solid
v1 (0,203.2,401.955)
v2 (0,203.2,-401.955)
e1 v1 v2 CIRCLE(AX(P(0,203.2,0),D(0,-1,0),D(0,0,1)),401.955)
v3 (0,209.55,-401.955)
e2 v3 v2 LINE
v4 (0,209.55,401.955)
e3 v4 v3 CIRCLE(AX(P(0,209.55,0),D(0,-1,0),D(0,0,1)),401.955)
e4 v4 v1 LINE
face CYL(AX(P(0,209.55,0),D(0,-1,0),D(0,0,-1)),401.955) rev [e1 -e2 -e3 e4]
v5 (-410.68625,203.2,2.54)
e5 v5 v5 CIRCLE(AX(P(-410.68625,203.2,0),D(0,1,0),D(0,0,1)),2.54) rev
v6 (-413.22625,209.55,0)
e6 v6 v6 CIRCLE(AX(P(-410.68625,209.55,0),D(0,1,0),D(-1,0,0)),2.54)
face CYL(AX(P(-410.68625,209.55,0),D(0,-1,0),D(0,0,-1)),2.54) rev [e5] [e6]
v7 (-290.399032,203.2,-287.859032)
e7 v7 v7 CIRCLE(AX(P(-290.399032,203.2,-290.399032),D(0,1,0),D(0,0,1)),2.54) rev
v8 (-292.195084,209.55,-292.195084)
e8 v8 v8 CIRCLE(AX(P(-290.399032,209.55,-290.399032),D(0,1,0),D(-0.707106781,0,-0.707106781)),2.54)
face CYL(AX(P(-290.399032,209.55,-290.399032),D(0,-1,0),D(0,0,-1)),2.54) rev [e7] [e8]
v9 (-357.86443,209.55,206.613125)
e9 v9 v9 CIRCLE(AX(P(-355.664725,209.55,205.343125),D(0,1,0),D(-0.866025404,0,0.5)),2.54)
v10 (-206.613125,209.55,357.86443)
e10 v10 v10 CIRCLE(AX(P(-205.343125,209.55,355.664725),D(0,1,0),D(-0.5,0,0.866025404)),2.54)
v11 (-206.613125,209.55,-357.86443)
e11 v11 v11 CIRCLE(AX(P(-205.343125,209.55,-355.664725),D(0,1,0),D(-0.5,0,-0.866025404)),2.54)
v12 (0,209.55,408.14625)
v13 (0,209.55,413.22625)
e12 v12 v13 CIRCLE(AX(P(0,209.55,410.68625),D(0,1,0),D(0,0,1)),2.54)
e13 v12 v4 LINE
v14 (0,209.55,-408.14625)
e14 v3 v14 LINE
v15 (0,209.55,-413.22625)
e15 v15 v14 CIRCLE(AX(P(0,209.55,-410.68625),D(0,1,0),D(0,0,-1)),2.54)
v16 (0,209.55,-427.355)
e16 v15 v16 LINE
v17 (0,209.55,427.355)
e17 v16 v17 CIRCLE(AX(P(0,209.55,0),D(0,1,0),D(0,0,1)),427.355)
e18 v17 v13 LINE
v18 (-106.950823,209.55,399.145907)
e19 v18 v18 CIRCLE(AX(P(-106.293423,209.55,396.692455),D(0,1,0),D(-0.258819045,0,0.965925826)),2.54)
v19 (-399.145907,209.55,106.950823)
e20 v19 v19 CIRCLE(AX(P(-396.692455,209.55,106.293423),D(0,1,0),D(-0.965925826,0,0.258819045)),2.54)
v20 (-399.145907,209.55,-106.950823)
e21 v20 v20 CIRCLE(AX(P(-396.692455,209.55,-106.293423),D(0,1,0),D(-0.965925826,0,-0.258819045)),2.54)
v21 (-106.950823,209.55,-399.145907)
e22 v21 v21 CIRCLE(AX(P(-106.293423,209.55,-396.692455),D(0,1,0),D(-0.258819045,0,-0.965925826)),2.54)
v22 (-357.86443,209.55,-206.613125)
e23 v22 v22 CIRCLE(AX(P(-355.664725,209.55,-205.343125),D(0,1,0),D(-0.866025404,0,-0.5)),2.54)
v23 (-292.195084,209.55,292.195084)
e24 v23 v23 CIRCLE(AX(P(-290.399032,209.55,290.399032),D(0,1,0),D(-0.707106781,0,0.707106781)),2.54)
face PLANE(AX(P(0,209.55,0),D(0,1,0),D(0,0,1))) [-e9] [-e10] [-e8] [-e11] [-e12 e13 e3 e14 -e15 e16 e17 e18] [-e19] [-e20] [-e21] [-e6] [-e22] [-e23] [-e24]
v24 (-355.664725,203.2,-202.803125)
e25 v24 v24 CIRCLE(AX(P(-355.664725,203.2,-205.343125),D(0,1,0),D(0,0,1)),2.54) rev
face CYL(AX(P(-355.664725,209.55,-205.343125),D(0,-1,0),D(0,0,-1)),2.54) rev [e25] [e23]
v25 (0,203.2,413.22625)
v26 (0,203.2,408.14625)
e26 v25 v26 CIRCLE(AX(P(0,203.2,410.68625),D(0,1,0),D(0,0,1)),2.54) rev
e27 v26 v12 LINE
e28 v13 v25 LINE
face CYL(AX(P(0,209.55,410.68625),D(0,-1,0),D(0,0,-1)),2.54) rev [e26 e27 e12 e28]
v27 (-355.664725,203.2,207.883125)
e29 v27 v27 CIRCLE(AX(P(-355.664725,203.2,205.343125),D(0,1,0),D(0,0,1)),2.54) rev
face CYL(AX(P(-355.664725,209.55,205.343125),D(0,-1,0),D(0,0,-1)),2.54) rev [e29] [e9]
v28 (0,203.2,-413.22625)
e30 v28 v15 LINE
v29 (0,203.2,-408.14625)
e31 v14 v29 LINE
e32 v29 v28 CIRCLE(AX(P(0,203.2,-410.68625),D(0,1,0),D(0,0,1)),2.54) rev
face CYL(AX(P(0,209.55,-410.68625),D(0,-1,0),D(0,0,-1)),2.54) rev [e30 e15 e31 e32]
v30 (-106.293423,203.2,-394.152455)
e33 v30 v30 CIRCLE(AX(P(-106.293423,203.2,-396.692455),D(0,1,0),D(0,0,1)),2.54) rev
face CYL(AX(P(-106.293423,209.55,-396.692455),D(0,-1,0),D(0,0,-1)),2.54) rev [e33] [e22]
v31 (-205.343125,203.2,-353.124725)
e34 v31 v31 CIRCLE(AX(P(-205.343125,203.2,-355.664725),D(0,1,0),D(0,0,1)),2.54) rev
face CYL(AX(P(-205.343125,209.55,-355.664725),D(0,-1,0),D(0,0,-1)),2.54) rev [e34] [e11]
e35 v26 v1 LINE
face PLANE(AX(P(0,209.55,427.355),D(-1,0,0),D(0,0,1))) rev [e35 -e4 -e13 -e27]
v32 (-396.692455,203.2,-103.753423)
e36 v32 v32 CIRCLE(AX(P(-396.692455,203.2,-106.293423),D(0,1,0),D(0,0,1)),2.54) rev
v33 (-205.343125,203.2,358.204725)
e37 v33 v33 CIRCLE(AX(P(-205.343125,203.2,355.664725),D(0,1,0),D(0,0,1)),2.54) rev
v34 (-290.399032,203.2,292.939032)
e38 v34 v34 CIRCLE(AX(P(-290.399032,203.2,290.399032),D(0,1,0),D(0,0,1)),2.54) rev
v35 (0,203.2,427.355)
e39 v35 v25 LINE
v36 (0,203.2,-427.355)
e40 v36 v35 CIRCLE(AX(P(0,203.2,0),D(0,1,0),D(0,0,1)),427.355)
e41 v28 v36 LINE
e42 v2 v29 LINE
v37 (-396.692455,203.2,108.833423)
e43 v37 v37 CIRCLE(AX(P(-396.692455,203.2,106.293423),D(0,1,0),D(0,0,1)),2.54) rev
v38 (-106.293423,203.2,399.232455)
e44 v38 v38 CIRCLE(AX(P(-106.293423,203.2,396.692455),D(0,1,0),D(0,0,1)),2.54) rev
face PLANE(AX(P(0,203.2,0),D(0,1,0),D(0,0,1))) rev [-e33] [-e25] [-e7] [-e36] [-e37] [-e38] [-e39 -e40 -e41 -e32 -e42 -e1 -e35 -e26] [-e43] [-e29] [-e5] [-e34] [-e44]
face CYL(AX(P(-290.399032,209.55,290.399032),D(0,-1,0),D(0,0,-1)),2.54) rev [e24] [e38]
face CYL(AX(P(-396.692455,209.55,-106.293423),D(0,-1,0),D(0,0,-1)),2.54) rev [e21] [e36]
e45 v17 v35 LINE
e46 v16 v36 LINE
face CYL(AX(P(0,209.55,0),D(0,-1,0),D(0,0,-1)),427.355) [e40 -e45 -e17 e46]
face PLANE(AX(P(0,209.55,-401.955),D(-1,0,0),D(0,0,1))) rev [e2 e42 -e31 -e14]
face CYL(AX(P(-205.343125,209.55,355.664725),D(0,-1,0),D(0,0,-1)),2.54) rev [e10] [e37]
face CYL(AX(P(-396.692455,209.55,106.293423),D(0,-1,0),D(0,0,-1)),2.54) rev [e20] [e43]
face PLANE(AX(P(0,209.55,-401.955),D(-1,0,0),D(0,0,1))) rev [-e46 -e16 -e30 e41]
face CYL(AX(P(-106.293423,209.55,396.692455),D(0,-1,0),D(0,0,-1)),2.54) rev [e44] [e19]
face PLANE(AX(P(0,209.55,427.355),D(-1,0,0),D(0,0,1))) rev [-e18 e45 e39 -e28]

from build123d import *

# Parameters (mm, degrees)
BOSS_EXTRUDE1_START     = -317.5
SKETCH4_R               = 2.54
SKETCH4_R_2             = 9.525
SKETCH4_R_3             = 14.2875
BOSS_EXTRUDE1_DEPTH     = 3.175
BOSS_EXTRUDE2_DEPTH     = 3.175
BOSS_EXTRUDE3_START     = -76.2
BOSS_EXTRUDE3_DEPTH     = 3.175
SKETCH9_R               = 2.54
CUT_EXTRUDE2_DEPTH      = 506.024067921
LPATTERN1_COUNT         = 10
LPATTERN1_PITCH         = 50.8
BOSS_EXTRUDE4_START     = 12.7
SKETCH10_R              = 2.54
BOSS_EXTRUDE4_DEPTH     = 12.7
CUT_EXTRUDE3_START      = -76.2
SKETCH11_W              = 25.4
SKETCH11_H              = 725.706439768
SKETCH11_R              = 2.54
SKETCH11_W_2            = 44.268323152
CUT_EXTRUDE3_DEPTH      = 76.2
SKETCH17_R              = 2.54
CUT_EXTRUDE7_DEPTH      = 641.418199343
CIRPATTERN1_COUNT       = 15
CIRPATTERN1_ANGLE       = 210
BOSS_EXTRUDE6_START     = 25.4
SKETCH18_R              = 482.6
SKETCH18_R_2            = 444.5
BOSS_EXTRUDE6_DEPTH     = 38.1
BOSS_EXTRUDE7_START     = 101.6
BOSS_EXTRUDE7_DEPTH     = 6.35
SKETCH17_2_R            = 2.54
CUT_EXTRUDE8_DEPTH      = 691.983880058
CIRPATTERN2_COUNT       = 15
CIRPATTERN2_ANGLE       = 210
CUT_EXTRUDE9_DEPTH      = 50.8
CUT_EXTRUDE9_DEPTH_BACK = 691.983880058
SKETCH21_R              = 848.891258833
SKETCH25_R              = 608.013624822
CUT_EXTRUDE12_DEPTH     = 127


with BuildPart() as part:
    # Sketch4 → Boss-Extrude1 (new body)
    with BuildSketch(Plane(origin=(0, 0, 0), x_dir=(0, 0, -1), z_dir=(1, 0, 0)).offset(BOSS_EXTRUDE1_START)):
        with BuildLine():
            Line((362.853219884, 88.9), (0, 88.9))
            Line((0, 88.9), (0, 65.0875))
            ThreePointArc((0, 65.0875), (14.2875, 50.8), (0, 36.5125))
            Line((0, 36.5125), (0, 12.7))
            Line((0, 12.7), (362.853219884, 12.7))
            Line((362.853219884, 12.7), (362.853219884, 88.9))
        make_face()
        with Locations((53.34, 25.4)):
            Circle(SKETCH4_R, mode=Mode.SUBTRACT)
        with Locations((53.34, 50.8)):
            Circle(SKETCH4_R_2, mode=Mode.SUBTRACT)
        with Locations((177.45964, 50.8)):
            Circle(SKETCH4_R_3, mode=Mode.SUBTRACT)
        with Locations((53.34, 76.2)):
            Circle(SKETCH4_R, mode=Mode.SUBTRACT)
        with Locations((337.453219884, 53.975)):
            Circle(SKETCH4_R_3, mode=Mode.SUBTRACT)
    extrude(amount=-BOSS_EXTRUDE1_DEPTH)

    # Sketch7 → Boss-Extrude2 (add)
    with BuildSketch(Plane(origin=(0, 88.9, 0), x_dir=(1, 0, 0), z_dir=(0, 1, 0))):
        Polygon((-319.0875, 0), (-342.9, 0), (-342.9, 362.853219884), (-317.5, 362.853219884), align=None)
    extrude(amount=-BOSS_EXTRUDE2_DEPTH)

    # Sketch7<2> → Boss-Extrude3 (add)
    with BuildSketch(Plane(origin=(0, 88.9, 0), x_dir=(1, 0, 0), z_dir=(0, 1, 0)).offset(BOSS_EXTRUDE3_START)):
        Polygon((-319.0875, 0), (-342.9, 0), (-342.9, 362.853219884), (-317.5, 362.853219884), align=None)
    extrude(amount=BOSS_EXTRUDE3_DEPTH)

    # Sketch9 → Cut-Extrude2 (cut, through all)
    with BuildSketch(Plane(origin=(0, 88.9, 0), x_dir=(1, 0, 0), z_dir=(0, 1, 0))):
        with Locations(Location((-330.2, 355.6, 0), (0, 0, 270))):
            Circle(SKETCH9_R)
    cut_extrude2 = extrude(amount=-CUT_EXTRUDE2_DEPTH, mode=Mode.SUBTRACT)

    # LPattern1: Cut-Extrude2 ×10
    with Locations(*[(0, 0, i * LPATTERN1_PITCH) for i in range(1, LPATTERN1_COUNT)]):
        add(cut_extrude2, mode=Mode.SUBTRACT)

    # Mirror1: part across face


with BuildPart() as part_1:
    add(part.part)
    add(part.part.mirror(Plane(origin=(-320.239664948, 22.265914948, 0), x_dir=(1, 0, 0), z_dir=(0, 0, 1))))

    # Sketch10 → Boss-Extrude4 (add)
    with BuildSketch(Plane(origin=(0, 88.9, 0), x_dir=(1, 0, 0), z_dir=(0, 1, 0)).offset(BOSS_EXTRUDE4_START)):
        with BuildLine():
            Line((0, -452.755), (0, 452.755))
            ThreePointArc((0, 452.755), (-233.269031744, 388.03691687), (-399.849790193, 212.38464))
            Line((-399.849790193, 212.38464), (-381, 212.38464))
            Line((-381, 212.38464), (-381, 142.53464))
            Line((-381, 142.53464), (-419.1, 142.53464))
            Line((-419.1, 142.53464), (-419.1, 171.295884437))
            ThreePointArc((-419.1, 171.295884437), (-452.755, 0), (-419.1, -171.295884437))
            Line((-419.1, -171.295884437), (-419.1, -142.53464))
            Line((-419.1, -142.53464), (-381, -142.53464))
            Line((-381, -142.53464), (-381, -212.38464))
            Line((-381, -212.38464), (-399.849790193, -212.38464))
            ThreePointArc((-399.849790193, -212.38464), (-356.378451147, -279.251659947), (-301.848330151, -337.453219884))
            ThreePointArc((-301.848330151, -337.453219884), (-161.560294405, -422.948414463), (0, -452.755))
        make_face()
        with Locations(Location((-330.2, -304.8, 0), (0, 0, 90))):
            Circle(SKETCH10_R, mode=Mode.SUBTRACT)
        with Locations(Location((-330.2, -254, 0), (0, 0, 90))):
            Circle(SKETCH10_R, mode=Mode.SUBTRACT)
        with Locations(Location((-330.2, -203.2, 0), (0, 0, 90))):
            Circle(SKETCH10_R, mode=Mode.SUBTRACT)
        with Locations(Location((-330.2, -152.4, 0), (0, 0, 90))):
            Circle(SKETCH10_R, mode=Mode.SUBTRACT)
        with Locations(Location((-330.2, -101.6, 0), (0, 0, 90))):
            Circle(SKETCH10_R, mode=Mode.SUBTRACT)
        with Locations(Location((-330.2, -50.8, 0), (0, 0, 90))):
            Circle(SKETCH10_R, mode=Mode.SUBTRACT)
        with Locations(Location((-330.2, 0, 0), (0, 0, 270))):
            Circle(SKETCH10_R, mode=Mode.SUBTRACT)
        with Locations(Location((-330.2, 50.8, 0), (0, 0, 270))):
            Circle(SKETCH10_R, mode=Mode.SUBTRACT)
        with Locations(Location((-330.2, 101.6, 0), (0, 0, 270))):
            Circle(SKETCH10_R, mode=Mode.SUBTRACT)
        with Locations(Location((-330.2, 152.4, 0), (0, 0, 270))):
            Circle(SKETCH10_R, mode=Mode.SUBTRACT)
        with Locations(Location((-330.2, 203.2, 0), (0, 0, 270))):
            Circle(SKETCH10_R, mode=Mode.SUBTRACT)
        with Locations(Location((-330.2, 254, 0), (0, 0, 270))):
            Circle(SKETCH10_R, mode=Mode.SUBTRACT)
        with Locations(Location((-330.2, 304.8, 0), (0, 0, 270))):
            Circle(SKETCH10_R, mode=Mode.SUBTRACT)
        with Locations(Location((-441.325, 88.9, 0), (0, 0, 270))):
            Circle(SKETCH10_R, mode=Mode.SUBTRACT)
        with Locations(Location((-441.325, 0, 0), (0, 0, 270))):
            Circle(SKETCH10_R, mode=Mode.SUBTRACT)
        with Locations(Location((-441.325, -88.9, 0), (0, 0, 270))):
            Circle(SKETCH10_R, mode=Mode.SUBTRACT)
    extrude(amount=-BOSS_EXTRUDE4_DEPTH)

    # Sketch11 → Cut-Extrude3 (cut)
    # profile 1 of 2: a face of its own
    with BuildSketch(Plane.XZ.offset(-12.7).offset(CUT_EXTRUDE3_START)):
        with Locations((-330.2, 0)):
            Rectangle(SKETCH11_W, SKETCH11_H)
        with Locations(Location((-330.2, -203.2, 0), (0, 0, 90))):
            Circle(SKETCH11_R, mode=Mode.SUBTRACT)
        with Locations(Location((-330.2, -101.6, 0), (0, 0, 90))):
            Circle(SKETCH11_R, mode=Mode.SUBTRACT)
        with Locations(Location((-330.2, -304.8, 0), (0, 0, 90))):
            Circle(SKETCH11_R, mode=Mode.SUBTRACT)
        with Locations(Location((-330.2, 203.2, 0), (0, 0, 270))):
            Circle(SKETCH11_R, mode=Mode.SUBTRACT)
        with Locations(Location((-330.2, 101.6, 0), (0, 0, 90))):
            Circle(SKETCH11_R, mode=Mode.SUBTRACT)
        with Locations(Location((-330.2, 304.8, 0), (0, 0, 270))):
            Circle(SKETCH11_R, mode=Mode.SUBTRACT)
        with Locations((-330.2, 355.6)):
            Circle(SKETCH11_R, mode=Mode.SUBTRACT)
        with Locations(Location((-330.2, 50.8, 0), (0, 0, 90))):
            Circle(SKETCH11_R, mode=Mode.SUBTRACT)
        with Locations(Location((-330.2, 152.4, 0), (0, 0, 90))):
            Circle(SKETCH11_R, mode=Mode.SUBTRACT)
        with Locations(Location((-330.2, 254, 0), (0, 0, 270))):
            Circle(SKETCH11_R, mode=Mode.SUBTRACT)
        with Locations((-330.2, -355.6)):
            Circle(SKETCH11_R, mode=Mode.SUBTRACT)
        with Locations(Location((-330.2, -50.8, 0), (0, 0, 90))):
            Circle(SKETCH11_R, mode=Mode.SUBTRACT)
        with Locations(Location((-330.2, -152.4, 0), (0, 0, 90))):
            Circle(SKETCH11_R, mode=Mode.SUBTRACT)
        with Locations(Location((-330.2, -254, 0), (0, 0, 90))):
            Circle(SKETCH11_R, mode=Mode.SUBTRACT)
    # profile 2 of 2: a face of its own
    with BuildSketch(Plane.XZ.offset(-12.7).offset(CUT_EXTRUDE3_START)):
        with Locations((-365.034161576, 0)):
            Rectangle(SKETCH11_W_2, SKETCH11_H)
    extrude(amount=CUT_EXTRUDE3_DEPTH, mode=Mode.SUBTRACT)

    # Sketch17 → Cut-Extrude7 (cut, through all)
    with BuildSketch(Plane(origin=(0, 101.6, 0), x_dir=(1, 0, 0), z_dir=(0, 1, 0))):
        with Locations((0, -410.68625)):
            Circle(SKETCH17_R)
    cut_extrude7 = extrude(amount=-CUT_EXTRUDE7_DEPTH, mode=Mode.SUBTRACT)

    # CirPattern1: Cut-Extrude7 ×15 about axis
    cirpattern1_axis = Axis((0, 0, 0), (0, -1, 0))
    for i in range(1, CIRPATTERN1_COUNT):
        add(cut_extrude7.rotate(cirpattern1_axis, i * CIRPATTERN1_ANGLE / (CIRPATTERN1_COUNT - 1)), mode=Mode.SUBTRACT)

    # Sketch21 → Cut-Extrude9 (cut, two sides: drawn at the far end of the back side and taken through both)
    with BuildSketch(Plane(origin=(0, 101.6, 0), x_dir=(1, 0, 0), z_dir=(0, 1, 0)).offset(-CUT_EXTRUDE9_DEPTH_BACK)):
        Circle(SKETCH21_R)
    extrude(amount=CUT_EXTRUDE9_DEPTH + CUT_EXTRUDE9_DEPTH_BACK, mode=Mode.SUBTRACT)


with BuildPart() as body_2:
    # Sketch18 → Boss-Extrude6 (new body)
    with BuildSketch(Plane(origin=(0, 101.6, 0), x_dir=(1, 0, 0), z_dir=(0, 1, 0)).offset(BOSS_EXTRUDE6_START)):
        with Locations(Location((0, 0, 0), (0, 0, 90))):
            Circle(SKETCH18_R)
        with Locations(Location((0, 0, 0), (0, 0, 90))):
            Circle(SKETCH18_R_2, mode=Mode.SUBTRACT)
    extrude(amount=BOSS_EXTRUDE6_DEPTH)

    # Sketch25 → Cut-Extrude12 (cut)
    with BuildSketch(Plane(origin=(0, 165.1, 0), x_dir=(1, 0, 0), z_dir=(0, 1, 0))):
        Circle(SKETCH25_R)
    extrude(amount=-CUT_EXTRUDE12_DEPTH, mode=Mode.SUBTRACT)


with BuildPart() as body_3:
    # Sketch19 → Boss-Extrude7 (new body)
    with BuildSketch(Plane(origin=(0, 101.6, 0), x_dir=(1, 0, 0), z_dir=(0, 1, 0)).offset(BOSS_EXTRUDE7_START)):
        with BuildLine():
            Line((0, -427.355), (0, -401.955))
            ThreePointArc((0, -401.955), (-401.955, 0), (0, 401.955))
            Line((0, 401.955), (0, 427.355))
            ThreePointArc((0, 427.355), (-427.355, 0), (0, -427.355))
        make_face()
    extrude(amount=BOSS_EXTRUDE7_DEPTH)

    # Sketch17<2> → Cut-Extrude8 (cut, through all)
    with BuildSketch(Plane(origin=(0, 101.6, 0), x_dir=(1, 0, 0), z_dir=(0, 1, 0))):
        with Locations((0, -410.68625)):
            Circle(SKETCH17_2_R)
    cut_extrude8 = extrude(amount=CUT_EXTRUDE8_DEPTH, mode=Mode.SUBTRACT)

    # CirPattern2: Cut-Extrude8 ×15 about axis
    cirpattern2_axis = Axis((0, 0, 0), (0, -1, 0))
    for i in range(1, CIRPATTERN2_COUNT):
        add(cut_extrude8.rotate(cirpattern2_axis, i * CIRPATTERN2_ANGLE / (CIRPATTERN2_COUNT - 1)), mode=Mode.SUBTRACT)


solid = body_3.part
